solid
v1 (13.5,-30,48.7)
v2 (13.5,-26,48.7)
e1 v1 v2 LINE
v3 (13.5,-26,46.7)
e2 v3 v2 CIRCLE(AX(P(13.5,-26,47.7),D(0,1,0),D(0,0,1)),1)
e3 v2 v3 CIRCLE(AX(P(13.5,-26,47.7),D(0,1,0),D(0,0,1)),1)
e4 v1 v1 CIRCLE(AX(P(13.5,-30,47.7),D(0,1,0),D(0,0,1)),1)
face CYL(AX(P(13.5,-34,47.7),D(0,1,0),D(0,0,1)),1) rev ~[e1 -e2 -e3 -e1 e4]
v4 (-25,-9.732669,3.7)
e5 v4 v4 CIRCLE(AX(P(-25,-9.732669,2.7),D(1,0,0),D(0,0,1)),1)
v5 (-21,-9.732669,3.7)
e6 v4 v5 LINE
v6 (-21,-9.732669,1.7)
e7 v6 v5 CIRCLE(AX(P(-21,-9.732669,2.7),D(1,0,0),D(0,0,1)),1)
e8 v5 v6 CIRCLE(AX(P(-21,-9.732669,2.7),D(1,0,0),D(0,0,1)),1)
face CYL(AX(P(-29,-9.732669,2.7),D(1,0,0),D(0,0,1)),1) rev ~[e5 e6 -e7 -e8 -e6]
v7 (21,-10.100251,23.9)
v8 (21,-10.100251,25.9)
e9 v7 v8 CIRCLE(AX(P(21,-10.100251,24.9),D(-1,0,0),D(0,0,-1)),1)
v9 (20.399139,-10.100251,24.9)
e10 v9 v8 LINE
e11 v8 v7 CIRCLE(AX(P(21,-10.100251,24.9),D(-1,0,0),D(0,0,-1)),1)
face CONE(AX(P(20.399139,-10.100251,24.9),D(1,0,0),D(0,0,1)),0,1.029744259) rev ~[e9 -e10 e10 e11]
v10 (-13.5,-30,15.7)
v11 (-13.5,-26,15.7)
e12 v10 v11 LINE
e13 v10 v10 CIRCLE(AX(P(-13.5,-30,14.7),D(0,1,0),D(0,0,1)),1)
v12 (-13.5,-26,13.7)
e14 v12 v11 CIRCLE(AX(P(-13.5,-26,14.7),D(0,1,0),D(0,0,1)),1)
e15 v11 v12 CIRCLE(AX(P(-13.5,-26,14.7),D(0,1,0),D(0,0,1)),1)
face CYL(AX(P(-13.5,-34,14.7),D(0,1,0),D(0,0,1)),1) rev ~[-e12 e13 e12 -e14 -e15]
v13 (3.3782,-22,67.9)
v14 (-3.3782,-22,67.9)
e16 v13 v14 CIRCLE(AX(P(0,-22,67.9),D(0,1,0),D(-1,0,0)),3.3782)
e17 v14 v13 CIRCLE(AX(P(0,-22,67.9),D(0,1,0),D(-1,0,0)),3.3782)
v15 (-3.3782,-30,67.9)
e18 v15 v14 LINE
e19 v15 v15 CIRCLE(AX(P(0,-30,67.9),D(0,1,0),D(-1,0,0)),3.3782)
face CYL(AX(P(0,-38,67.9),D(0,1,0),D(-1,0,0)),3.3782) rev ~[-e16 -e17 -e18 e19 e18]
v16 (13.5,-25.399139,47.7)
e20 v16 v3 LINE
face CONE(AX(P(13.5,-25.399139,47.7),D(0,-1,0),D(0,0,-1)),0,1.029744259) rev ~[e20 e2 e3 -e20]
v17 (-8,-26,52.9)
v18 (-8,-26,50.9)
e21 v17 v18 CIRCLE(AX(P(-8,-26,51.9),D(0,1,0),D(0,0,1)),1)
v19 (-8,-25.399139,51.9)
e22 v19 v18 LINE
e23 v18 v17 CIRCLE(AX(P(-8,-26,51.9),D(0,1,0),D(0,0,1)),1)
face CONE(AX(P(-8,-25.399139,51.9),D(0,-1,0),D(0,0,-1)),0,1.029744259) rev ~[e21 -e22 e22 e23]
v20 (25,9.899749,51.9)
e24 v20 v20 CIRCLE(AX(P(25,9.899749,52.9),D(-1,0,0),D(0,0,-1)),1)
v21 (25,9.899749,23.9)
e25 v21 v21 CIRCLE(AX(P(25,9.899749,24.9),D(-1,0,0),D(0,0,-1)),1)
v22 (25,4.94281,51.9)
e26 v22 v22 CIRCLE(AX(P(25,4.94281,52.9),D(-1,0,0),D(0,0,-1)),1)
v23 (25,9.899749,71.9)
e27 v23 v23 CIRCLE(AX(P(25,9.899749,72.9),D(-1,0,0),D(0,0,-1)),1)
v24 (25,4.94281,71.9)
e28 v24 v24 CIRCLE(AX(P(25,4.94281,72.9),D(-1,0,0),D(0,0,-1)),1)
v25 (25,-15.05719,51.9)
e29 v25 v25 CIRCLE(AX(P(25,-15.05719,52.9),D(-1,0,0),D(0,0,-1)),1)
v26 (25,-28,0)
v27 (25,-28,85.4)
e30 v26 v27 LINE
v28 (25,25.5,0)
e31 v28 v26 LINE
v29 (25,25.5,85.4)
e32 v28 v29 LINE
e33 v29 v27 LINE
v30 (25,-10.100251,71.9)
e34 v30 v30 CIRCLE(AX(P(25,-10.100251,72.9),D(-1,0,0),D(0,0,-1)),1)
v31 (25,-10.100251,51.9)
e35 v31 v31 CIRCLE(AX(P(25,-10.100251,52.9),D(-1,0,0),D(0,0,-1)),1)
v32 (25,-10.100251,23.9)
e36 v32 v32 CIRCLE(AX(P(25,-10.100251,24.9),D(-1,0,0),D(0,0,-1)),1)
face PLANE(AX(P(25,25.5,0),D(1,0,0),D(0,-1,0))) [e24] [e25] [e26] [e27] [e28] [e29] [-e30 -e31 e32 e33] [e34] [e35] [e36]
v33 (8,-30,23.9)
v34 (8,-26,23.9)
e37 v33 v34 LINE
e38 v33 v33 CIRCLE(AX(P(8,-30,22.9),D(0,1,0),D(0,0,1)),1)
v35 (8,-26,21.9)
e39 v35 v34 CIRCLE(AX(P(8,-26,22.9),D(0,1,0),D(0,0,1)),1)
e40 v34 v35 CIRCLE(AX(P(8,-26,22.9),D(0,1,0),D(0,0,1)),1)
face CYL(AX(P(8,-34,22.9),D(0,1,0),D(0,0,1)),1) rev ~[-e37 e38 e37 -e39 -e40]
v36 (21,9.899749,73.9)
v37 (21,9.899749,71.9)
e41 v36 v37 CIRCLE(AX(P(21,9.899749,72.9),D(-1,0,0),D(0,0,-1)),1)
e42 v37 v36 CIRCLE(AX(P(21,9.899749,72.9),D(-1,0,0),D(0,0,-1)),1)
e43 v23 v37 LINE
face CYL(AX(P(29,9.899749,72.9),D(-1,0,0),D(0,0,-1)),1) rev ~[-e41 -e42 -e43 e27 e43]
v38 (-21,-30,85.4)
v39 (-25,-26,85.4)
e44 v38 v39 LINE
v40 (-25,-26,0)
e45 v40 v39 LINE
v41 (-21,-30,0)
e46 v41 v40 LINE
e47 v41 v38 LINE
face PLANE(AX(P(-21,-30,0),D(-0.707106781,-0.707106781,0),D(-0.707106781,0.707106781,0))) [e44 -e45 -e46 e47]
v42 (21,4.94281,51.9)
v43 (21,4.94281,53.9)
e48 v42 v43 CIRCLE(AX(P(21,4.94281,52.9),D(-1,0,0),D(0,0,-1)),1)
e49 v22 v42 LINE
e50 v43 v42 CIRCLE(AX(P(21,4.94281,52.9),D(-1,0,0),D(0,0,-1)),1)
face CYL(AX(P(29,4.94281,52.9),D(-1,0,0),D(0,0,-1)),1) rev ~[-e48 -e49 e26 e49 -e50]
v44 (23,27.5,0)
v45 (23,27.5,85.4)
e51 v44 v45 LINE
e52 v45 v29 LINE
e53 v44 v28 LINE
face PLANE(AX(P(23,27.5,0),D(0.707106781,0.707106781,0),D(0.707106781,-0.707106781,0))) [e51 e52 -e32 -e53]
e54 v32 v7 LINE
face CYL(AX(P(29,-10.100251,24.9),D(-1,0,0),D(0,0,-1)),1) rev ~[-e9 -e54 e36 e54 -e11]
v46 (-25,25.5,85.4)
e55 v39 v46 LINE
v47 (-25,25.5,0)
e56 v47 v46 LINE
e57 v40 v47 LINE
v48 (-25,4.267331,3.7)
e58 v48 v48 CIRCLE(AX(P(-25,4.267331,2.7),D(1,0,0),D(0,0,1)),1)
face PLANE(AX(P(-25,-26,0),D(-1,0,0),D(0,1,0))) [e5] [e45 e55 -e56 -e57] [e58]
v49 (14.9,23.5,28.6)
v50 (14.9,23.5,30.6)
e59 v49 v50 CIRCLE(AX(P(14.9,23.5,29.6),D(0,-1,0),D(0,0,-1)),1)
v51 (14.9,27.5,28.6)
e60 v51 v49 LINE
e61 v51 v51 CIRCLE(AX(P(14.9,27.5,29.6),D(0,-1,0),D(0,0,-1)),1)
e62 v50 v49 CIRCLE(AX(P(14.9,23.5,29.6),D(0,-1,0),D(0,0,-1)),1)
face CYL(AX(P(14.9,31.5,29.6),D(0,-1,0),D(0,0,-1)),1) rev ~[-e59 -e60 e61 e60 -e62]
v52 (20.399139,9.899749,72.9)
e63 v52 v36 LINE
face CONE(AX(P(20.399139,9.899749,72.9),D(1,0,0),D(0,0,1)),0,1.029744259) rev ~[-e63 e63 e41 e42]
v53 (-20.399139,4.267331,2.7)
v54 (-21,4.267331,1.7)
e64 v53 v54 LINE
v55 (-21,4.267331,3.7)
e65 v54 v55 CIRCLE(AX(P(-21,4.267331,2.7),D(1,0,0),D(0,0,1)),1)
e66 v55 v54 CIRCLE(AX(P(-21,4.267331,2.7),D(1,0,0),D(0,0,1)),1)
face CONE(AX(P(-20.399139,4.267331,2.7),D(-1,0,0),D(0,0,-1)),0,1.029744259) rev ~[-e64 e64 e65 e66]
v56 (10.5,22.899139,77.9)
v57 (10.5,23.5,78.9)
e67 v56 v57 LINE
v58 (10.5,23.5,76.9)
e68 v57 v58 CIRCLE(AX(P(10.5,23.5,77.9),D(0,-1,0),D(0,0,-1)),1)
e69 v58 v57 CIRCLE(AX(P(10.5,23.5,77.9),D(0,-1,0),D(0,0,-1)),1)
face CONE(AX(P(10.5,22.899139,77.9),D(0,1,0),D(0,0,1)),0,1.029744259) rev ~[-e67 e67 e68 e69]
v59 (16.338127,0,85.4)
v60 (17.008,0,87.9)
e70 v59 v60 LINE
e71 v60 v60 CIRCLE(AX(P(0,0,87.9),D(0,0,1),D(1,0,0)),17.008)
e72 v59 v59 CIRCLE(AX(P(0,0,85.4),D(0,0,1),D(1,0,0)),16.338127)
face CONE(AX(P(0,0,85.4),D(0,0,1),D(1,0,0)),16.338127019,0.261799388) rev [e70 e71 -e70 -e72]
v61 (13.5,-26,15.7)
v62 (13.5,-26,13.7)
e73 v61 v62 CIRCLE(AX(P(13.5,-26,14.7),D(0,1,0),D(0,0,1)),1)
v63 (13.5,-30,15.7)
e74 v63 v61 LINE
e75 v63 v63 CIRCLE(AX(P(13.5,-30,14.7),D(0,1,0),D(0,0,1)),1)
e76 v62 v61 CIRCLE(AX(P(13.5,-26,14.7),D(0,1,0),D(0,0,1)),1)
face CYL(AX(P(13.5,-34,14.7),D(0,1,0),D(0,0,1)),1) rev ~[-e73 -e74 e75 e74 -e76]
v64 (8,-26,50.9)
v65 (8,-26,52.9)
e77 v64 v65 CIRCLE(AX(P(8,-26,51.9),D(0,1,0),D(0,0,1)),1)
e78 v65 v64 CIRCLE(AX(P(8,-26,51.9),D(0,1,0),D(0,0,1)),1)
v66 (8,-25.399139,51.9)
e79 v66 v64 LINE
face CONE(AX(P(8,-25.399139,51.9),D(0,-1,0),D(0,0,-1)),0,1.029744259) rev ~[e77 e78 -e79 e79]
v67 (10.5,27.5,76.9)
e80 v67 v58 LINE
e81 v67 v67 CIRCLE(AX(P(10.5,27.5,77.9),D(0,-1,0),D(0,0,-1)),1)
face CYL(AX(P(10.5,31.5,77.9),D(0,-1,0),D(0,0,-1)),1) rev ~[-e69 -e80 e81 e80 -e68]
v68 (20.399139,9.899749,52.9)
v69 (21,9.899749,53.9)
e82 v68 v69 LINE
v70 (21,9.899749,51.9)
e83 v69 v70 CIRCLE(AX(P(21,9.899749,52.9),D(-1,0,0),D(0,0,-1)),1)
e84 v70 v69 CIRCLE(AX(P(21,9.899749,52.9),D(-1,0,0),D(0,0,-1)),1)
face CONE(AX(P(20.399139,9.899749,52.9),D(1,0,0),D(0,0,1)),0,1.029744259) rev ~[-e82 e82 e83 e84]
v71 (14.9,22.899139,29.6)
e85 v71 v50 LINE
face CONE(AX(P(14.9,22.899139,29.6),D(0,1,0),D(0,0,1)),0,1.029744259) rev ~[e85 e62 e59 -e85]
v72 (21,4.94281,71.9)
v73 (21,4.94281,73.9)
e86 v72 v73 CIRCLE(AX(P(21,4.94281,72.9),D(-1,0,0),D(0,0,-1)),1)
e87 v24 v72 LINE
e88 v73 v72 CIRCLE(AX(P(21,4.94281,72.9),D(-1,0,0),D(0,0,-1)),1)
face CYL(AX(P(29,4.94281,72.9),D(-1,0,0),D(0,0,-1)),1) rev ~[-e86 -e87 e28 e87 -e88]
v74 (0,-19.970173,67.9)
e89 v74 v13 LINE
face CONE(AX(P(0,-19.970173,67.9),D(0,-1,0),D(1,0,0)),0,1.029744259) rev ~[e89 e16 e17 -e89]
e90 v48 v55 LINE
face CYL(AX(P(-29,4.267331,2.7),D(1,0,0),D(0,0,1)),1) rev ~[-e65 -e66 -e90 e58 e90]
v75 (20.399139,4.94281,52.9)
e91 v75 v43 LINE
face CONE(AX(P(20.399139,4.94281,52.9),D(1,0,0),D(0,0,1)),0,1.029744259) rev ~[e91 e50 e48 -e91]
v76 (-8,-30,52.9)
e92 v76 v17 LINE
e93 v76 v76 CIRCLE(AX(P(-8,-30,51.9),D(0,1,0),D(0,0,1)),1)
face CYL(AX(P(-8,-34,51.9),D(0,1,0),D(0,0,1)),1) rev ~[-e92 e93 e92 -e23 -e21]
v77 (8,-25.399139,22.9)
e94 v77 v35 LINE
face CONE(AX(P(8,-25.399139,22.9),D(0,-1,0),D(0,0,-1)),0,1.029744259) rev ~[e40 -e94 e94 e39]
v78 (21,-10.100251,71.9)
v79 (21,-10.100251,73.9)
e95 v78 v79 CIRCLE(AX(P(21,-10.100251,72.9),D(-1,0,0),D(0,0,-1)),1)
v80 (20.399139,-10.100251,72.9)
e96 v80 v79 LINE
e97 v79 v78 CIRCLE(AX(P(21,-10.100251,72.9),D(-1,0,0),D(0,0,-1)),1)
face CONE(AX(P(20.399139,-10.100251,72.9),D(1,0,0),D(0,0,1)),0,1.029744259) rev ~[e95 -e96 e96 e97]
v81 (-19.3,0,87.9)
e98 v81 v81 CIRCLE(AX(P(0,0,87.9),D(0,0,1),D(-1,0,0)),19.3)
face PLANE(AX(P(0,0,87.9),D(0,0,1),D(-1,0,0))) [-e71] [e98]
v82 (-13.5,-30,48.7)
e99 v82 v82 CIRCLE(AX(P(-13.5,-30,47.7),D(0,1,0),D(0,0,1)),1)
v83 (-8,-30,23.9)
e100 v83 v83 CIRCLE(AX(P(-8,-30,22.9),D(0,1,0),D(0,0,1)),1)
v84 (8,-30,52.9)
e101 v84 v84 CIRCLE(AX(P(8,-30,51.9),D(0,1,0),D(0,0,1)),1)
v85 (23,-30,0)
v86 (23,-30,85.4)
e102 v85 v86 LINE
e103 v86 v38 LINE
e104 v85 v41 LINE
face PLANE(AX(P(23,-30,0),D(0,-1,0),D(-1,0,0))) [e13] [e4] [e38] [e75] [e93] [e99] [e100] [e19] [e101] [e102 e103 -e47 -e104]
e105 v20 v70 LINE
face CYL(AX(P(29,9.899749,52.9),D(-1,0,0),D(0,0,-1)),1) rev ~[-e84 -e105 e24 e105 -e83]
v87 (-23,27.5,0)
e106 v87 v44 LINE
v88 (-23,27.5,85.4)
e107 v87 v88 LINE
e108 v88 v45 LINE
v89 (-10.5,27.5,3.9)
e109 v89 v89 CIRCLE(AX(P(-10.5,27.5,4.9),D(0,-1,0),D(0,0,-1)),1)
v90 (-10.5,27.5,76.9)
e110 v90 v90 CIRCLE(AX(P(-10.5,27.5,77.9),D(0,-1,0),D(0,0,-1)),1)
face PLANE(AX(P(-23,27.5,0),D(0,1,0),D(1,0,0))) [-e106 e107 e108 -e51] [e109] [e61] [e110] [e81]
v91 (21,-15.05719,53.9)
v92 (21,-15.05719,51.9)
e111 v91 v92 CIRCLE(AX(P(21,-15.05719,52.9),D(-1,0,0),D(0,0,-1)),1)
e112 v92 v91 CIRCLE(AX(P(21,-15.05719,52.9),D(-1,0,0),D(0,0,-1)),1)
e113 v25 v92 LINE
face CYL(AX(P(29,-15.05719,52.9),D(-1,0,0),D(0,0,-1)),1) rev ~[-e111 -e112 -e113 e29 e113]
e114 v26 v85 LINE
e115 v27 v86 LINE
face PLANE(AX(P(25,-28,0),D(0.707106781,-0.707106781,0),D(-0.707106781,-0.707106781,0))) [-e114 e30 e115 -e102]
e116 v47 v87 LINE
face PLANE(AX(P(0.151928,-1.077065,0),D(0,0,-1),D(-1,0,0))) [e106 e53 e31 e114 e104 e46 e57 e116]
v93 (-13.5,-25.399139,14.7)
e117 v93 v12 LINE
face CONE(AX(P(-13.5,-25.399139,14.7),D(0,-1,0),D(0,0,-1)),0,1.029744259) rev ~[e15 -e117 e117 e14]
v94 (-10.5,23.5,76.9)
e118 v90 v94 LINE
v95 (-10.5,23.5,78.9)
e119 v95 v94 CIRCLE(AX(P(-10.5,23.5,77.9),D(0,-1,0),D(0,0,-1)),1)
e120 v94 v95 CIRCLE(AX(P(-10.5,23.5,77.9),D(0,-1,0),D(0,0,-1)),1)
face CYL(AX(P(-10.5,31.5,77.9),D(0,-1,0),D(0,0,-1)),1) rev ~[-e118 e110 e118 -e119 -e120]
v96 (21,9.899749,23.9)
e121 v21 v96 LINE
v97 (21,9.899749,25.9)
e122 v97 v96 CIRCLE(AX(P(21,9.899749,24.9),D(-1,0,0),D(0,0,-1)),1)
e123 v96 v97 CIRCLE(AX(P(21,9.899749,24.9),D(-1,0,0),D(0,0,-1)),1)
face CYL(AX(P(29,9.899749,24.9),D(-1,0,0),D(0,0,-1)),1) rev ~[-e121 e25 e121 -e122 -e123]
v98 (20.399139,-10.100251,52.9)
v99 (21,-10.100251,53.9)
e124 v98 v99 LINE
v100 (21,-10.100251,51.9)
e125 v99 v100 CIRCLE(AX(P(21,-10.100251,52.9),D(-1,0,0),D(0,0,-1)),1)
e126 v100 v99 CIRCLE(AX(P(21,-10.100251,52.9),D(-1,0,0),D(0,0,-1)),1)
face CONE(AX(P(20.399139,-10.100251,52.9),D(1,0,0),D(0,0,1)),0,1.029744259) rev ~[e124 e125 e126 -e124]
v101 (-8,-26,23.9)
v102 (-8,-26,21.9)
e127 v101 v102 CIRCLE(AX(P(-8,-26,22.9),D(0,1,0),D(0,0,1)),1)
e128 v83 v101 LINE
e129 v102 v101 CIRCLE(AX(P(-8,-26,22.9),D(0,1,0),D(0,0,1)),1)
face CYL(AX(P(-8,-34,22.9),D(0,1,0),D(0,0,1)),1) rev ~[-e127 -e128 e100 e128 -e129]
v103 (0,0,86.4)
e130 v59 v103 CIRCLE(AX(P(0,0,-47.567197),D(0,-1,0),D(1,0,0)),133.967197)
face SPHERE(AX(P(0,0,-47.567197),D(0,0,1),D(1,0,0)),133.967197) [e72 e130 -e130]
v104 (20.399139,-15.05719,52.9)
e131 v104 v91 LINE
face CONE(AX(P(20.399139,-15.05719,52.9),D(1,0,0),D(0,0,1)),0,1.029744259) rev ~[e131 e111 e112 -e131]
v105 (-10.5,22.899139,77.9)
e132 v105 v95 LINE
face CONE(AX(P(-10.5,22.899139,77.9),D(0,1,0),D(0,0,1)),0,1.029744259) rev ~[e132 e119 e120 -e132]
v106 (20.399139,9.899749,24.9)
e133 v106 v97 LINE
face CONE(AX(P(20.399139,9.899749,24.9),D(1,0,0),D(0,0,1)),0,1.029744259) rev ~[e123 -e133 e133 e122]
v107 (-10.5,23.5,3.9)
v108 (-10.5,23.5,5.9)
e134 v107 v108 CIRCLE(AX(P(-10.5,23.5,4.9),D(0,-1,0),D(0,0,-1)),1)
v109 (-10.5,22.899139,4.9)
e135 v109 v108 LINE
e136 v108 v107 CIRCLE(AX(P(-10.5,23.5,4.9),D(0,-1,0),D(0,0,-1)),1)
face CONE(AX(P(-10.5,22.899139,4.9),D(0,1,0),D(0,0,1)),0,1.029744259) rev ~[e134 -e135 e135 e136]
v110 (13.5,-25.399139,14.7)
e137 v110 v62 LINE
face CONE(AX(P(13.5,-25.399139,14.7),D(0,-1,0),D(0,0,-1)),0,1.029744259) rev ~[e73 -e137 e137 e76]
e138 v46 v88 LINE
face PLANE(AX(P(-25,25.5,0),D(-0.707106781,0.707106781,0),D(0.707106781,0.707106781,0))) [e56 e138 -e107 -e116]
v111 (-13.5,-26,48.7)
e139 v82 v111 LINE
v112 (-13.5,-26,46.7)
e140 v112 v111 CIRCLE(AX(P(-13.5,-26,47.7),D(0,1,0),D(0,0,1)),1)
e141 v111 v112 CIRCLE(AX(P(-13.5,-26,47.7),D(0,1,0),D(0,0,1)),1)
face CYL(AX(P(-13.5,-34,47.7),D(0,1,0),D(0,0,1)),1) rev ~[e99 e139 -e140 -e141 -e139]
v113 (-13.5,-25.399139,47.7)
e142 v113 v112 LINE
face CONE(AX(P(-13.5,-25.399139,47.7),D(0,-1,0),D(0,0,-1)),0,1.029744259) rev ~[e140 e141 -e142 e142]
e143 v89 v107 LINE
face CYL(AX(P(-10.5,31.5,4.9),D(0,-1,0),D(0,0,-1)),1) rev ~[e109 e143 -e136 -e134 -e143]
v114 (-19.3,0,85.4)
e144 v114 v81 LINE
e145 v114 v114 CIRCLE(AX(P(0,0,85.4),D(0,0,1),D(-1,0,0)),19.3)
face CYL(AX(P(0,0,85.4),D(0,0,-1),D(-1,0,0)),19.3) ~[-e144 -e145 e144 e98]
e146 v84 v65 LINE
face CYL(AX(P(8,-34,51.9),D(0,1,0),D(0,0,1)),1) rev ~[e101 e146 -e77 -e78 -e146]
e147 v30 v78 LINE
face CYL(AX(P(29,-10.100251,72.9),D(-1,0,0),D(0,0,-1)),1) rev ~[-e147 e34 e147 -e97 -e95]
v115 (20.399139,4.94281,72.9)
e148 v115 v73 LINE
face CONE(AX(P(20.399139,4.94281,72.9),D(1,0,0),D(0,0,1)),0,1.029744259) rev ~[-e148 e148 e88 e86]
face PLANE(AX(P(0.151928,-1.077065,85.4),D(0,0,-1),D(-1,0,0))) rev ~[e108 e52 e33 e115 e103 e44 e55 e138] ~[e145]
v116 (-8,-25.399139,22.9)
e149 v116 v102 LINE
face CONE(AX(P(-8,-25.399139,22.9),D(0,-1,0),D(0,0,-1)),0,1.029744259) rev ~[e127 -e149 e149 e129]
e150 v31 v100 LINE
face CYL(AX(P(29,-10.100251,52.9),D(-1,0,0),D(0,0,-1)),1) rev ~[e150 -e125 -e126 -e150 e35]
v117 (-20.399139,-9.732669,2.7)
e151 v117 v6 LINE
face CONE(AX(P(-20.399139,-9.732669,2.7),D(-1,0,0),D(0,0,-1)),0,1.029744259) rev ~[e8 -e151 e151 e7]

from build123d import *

# Parameters (mm, degrees)
BOSS_EXTRUDE1_DEPTH                    = 85.399999968
SKETCH2_R                              = 19.3
SKETCH2_R_2                            = 17.008
BOSS_EXTRUDE2_DEPTH                    = 2.5
DRAFT1_ANGLE                           = 15
DOME1_FACE_RADIUS                      = 16.338127019
DOME1_HEIGHT                           = 1
F_2_0_2_DIAMETER_HOLE1_D               = 2
F_2_0_2_DIAMETER_HOLE1_DEPTH           = 4
F_2_0_2_DIAMETER_HOLE1_TIP             = 0.600860619
F_2_0_2_DIAMETER_HOLE1_ON_FACE_2_D     = 2
F_2_0_2_DIAMETER_HOLE1_ON_FACE_2_DEPTH = 4
F_2_0_2_DIAMETER_HOLE1_ON_FACE_2_TIP   = 0.600860619
F_2_0_2_DIAMETER_HOLE1_ON_FACE_3_D     = 2
F_2_0_2_DIAMETER_HOLE1_ON_FACE_3_DEPTH = 4
F_2_0_2_DIAMETER_HOLE1_ON_FACE_3_TIP   = 0.600860619
F_2_0_2_DIAMETER_HOLE1_ON_FACE_4_D     = 2
F_2_0_2_DIAMETER_HOLE1_ON_FACE_4_DEPTH = 4
F_2_0_2_DIAMETER_HOLE1_ON_FACE_4_TIP   = 0.600860619
F_1_4_CLEARANCE_HOLE1_D                = 6.7564
F_1_4_CLEARANCE_HOLE1_DEPTH            = 8
F_1_4_CLEARANCE_HOLE1_TIP              = 2.029827343


with BuildPart() as part:
    # Sketch1 → Boss-Extrude1 (new body)
    with BuildSketch(Plane.XY):
        Polygon((-25, 25.5), (-23, 27.5), (23, 27.5), (25, 25.5), (25, -28), (23, -30), (-21, -30), (-25, -26), align=None)
    extrude(amount=BOSS_EXTRUDE1_DEPTH)

    # Sketch2 → Boss-Extrude2 (add)
    with BuildSketch(Plane.XY.offset(85.399999968)):
        with Locations(Location((0, 0, 0), (0, 0, 180))):
            Circle(SKETCH2_R)
        Circle(SKETCH2_R_2, mode=Mode.SUBTRACT)
    extrude(amount=BOSS_EXTRUDE2_DEPTH)

    # Draft1
    draft1_faces = [part.faces().sort_by_distance(p)[0] for p in [
        (-17.008, 0, 86.649999968),
    ]]
    draft(draft1_faces, Plane.XY.offset(87.899999968), DRAFT1_ANGLE)

    # Dome1: a dome of height H over a round flat face of radius A is a cap of a sphere of radius (A * A + H * H) / (2 * H)
    dome1_r = (DOME1_FACE_RADIUS * DOME1_FACE_RADIUS + DOME1_HEIGHT * DOME1_HEIGHT) / (2 * DOME1_HEIGHT)
    dome1_base = Plane((0, 0, 85.399999968), z_dir=(0, 0, 1))
    with Locations(dome1_base.offset(DOME1_HEIGHT - dome1_r)):
        dome1_ball = Sphere(dome1_r, mode=Mode.PRIVATE)
    add(split(dome1_ball, bisect_by=dome1_base, keep=Keep.TOP, mode=Mode.PRIVATE))

    # Ø2.0 (2) Diameter Hole1
    with Locations(Plane(origin=(25, 9.899748742, 72.899999968), x_dir=(0, 0, 1), z_dir=(1, 0, 0))):
        with Locations((0, 0), (-20, 0), (0, 4.956938323), (0, 20), (-20, 4.956938323), (-20, 20), (-20, 24.956938323), (-48, 0), (-48, 20)):
            Hole(F_2_0_2_DIAMETER_HOLE1_D / 2, depth=F_2_0_2_DIAMETER_HOLE1_DEPTH)
            with Locations((0, 0, -(F_2_0_2_DIAMETER_HOLE1_DEPTH + F_2_0_2_DIAMETER_HOLE1_TIP / 2))):  # 118° drill point
                Cone(0, F_2_0_2_DIAMETER_HOLE1_D / 2, F_2_0_2_DIAMETER_HOLE1_TIP, mode=Mode.SUBTRACT)

    # Ø2.0 (2) Diameter Hole1 on face 2
    with Locations(Plane(origin=(-25, -9.732668619, 2.699999968), x_dir=(0, 0, -1), z_dir=(-1, 0, 0))):
        with Locations((0, 0), (0, -14)):
            Hole(F_2_0_2_DIAMETER_HOLE1_ON_FACE_2_D / 2, depth=F_2_0_2_DIAMETER_HOLE1_ON_FACE_2_DEPTH)
            with Locations((0, 0, -(F_2_0_2_DIAMETER_HOLE1_ON_FACE_2_DEPTH + F_2_0_2_DIAMETER_HOLE1_ON_FACE_2_TIP / 2))):  # 118° drill point
                Cone(0, F_2_0_2_DIAMETER_HOLE1_ON_FACE_2_D / 2, F_2_0_2_DIAMETER_HOLE1_ON_FACE_2_TIP, mode=Mode.SUBTRACT)

    # Ø2.0 (2) Diameter Hole1 on face 3
    with Locations(Plane(origin=(-10.5, 27.5, 77.899999968), x_dir=(0, 0, 1), z_dir=(0, 1, 0))):
        with Locations((0, 0), (0, 21), (-48.3, 25.4), (-73, 0)):
            Hole(F_2_0_2_DIAMETER_HOLE1_ON_FACE_3_D / 2, depth=F_2_0_2_DIAMETER_HOLE1_ON_FACE_3_DEPTH)
            with Locations((0, 0, -(F_2_0_2_DIAMETER_HOLE1_ON_FACE_3_DEPTH + F_2_0_2_DIAMETER_HOLE1_ON_FACE_3_TIP / 2))):  # 118° drill point
                Cone(0, F_2_0_2_DIAMETER_HOLE1_ON_FACE_3_D / 2, F_2_0_2_DIAMETER_HOLE1_ON_FACE_3_TIP, mode=Mode.SUBTRACT)

    # Ø2.0 (2) Diameter Hole1 on face 4
    with Locations(Plane(origin=(8, -30, 22.899999968), x_dir=(0, 0, -1), z_dir=(0, -1, 0))):
        with Locations((0, 0), (0, -16), (-29, -16), (-29, 0), (-24.8, 5.5), (-24.8, -21.5), (8.2, 5.5), (8.2, -21.5)):
            Hole(F_2_0_2_DIAMETER_HOLE1_ON_FACE_4_D / 2, depth=F_2_0_2_DIAMETER_HOLE1_ON_FACE_4_DEPTH)
            with Locations((0, 0, -(F_2_0_2_DIAMETER_HOLE1_ON_FACE_4_DEPTH + F_2_0_2_DIAMETER_HOLE1_ON_FACE_4_TIP / 2))):  # 118° drill point
                Cone(0, F_2_0_2_DIAMETER_HOLE1_ON_FACE_4_D / 2, F_2_0_2_DIAMETER_HOLE1_ON_FACE_4_TIP, mode=Mode.SUBTRACT)

    # 1/4 Clearance Hole1
    with Locations(Plane.XZ.offset(30)):
        with Locations((0, 67.899999968)):
            Hole(F_1_4_CLEARANCE_HOLE1_D / 2, depth=F_1_4_CLEARANCE_HOLE1_DEPTH)
            with Locations((0, 0, -(F_1_4_CLEARANCE_HOLE1_DEPTH + F_1_4_CLEARANCE_HOLE1_TIP / 2))):  # 118° drill point
                Cone(0, F_1_4_CLEARANCE_HOLE1_D / 2, F_1_4_CLEARANCE_HOLE1_TIP, mode=Mode.SUBTRACT)


solid = part.part
